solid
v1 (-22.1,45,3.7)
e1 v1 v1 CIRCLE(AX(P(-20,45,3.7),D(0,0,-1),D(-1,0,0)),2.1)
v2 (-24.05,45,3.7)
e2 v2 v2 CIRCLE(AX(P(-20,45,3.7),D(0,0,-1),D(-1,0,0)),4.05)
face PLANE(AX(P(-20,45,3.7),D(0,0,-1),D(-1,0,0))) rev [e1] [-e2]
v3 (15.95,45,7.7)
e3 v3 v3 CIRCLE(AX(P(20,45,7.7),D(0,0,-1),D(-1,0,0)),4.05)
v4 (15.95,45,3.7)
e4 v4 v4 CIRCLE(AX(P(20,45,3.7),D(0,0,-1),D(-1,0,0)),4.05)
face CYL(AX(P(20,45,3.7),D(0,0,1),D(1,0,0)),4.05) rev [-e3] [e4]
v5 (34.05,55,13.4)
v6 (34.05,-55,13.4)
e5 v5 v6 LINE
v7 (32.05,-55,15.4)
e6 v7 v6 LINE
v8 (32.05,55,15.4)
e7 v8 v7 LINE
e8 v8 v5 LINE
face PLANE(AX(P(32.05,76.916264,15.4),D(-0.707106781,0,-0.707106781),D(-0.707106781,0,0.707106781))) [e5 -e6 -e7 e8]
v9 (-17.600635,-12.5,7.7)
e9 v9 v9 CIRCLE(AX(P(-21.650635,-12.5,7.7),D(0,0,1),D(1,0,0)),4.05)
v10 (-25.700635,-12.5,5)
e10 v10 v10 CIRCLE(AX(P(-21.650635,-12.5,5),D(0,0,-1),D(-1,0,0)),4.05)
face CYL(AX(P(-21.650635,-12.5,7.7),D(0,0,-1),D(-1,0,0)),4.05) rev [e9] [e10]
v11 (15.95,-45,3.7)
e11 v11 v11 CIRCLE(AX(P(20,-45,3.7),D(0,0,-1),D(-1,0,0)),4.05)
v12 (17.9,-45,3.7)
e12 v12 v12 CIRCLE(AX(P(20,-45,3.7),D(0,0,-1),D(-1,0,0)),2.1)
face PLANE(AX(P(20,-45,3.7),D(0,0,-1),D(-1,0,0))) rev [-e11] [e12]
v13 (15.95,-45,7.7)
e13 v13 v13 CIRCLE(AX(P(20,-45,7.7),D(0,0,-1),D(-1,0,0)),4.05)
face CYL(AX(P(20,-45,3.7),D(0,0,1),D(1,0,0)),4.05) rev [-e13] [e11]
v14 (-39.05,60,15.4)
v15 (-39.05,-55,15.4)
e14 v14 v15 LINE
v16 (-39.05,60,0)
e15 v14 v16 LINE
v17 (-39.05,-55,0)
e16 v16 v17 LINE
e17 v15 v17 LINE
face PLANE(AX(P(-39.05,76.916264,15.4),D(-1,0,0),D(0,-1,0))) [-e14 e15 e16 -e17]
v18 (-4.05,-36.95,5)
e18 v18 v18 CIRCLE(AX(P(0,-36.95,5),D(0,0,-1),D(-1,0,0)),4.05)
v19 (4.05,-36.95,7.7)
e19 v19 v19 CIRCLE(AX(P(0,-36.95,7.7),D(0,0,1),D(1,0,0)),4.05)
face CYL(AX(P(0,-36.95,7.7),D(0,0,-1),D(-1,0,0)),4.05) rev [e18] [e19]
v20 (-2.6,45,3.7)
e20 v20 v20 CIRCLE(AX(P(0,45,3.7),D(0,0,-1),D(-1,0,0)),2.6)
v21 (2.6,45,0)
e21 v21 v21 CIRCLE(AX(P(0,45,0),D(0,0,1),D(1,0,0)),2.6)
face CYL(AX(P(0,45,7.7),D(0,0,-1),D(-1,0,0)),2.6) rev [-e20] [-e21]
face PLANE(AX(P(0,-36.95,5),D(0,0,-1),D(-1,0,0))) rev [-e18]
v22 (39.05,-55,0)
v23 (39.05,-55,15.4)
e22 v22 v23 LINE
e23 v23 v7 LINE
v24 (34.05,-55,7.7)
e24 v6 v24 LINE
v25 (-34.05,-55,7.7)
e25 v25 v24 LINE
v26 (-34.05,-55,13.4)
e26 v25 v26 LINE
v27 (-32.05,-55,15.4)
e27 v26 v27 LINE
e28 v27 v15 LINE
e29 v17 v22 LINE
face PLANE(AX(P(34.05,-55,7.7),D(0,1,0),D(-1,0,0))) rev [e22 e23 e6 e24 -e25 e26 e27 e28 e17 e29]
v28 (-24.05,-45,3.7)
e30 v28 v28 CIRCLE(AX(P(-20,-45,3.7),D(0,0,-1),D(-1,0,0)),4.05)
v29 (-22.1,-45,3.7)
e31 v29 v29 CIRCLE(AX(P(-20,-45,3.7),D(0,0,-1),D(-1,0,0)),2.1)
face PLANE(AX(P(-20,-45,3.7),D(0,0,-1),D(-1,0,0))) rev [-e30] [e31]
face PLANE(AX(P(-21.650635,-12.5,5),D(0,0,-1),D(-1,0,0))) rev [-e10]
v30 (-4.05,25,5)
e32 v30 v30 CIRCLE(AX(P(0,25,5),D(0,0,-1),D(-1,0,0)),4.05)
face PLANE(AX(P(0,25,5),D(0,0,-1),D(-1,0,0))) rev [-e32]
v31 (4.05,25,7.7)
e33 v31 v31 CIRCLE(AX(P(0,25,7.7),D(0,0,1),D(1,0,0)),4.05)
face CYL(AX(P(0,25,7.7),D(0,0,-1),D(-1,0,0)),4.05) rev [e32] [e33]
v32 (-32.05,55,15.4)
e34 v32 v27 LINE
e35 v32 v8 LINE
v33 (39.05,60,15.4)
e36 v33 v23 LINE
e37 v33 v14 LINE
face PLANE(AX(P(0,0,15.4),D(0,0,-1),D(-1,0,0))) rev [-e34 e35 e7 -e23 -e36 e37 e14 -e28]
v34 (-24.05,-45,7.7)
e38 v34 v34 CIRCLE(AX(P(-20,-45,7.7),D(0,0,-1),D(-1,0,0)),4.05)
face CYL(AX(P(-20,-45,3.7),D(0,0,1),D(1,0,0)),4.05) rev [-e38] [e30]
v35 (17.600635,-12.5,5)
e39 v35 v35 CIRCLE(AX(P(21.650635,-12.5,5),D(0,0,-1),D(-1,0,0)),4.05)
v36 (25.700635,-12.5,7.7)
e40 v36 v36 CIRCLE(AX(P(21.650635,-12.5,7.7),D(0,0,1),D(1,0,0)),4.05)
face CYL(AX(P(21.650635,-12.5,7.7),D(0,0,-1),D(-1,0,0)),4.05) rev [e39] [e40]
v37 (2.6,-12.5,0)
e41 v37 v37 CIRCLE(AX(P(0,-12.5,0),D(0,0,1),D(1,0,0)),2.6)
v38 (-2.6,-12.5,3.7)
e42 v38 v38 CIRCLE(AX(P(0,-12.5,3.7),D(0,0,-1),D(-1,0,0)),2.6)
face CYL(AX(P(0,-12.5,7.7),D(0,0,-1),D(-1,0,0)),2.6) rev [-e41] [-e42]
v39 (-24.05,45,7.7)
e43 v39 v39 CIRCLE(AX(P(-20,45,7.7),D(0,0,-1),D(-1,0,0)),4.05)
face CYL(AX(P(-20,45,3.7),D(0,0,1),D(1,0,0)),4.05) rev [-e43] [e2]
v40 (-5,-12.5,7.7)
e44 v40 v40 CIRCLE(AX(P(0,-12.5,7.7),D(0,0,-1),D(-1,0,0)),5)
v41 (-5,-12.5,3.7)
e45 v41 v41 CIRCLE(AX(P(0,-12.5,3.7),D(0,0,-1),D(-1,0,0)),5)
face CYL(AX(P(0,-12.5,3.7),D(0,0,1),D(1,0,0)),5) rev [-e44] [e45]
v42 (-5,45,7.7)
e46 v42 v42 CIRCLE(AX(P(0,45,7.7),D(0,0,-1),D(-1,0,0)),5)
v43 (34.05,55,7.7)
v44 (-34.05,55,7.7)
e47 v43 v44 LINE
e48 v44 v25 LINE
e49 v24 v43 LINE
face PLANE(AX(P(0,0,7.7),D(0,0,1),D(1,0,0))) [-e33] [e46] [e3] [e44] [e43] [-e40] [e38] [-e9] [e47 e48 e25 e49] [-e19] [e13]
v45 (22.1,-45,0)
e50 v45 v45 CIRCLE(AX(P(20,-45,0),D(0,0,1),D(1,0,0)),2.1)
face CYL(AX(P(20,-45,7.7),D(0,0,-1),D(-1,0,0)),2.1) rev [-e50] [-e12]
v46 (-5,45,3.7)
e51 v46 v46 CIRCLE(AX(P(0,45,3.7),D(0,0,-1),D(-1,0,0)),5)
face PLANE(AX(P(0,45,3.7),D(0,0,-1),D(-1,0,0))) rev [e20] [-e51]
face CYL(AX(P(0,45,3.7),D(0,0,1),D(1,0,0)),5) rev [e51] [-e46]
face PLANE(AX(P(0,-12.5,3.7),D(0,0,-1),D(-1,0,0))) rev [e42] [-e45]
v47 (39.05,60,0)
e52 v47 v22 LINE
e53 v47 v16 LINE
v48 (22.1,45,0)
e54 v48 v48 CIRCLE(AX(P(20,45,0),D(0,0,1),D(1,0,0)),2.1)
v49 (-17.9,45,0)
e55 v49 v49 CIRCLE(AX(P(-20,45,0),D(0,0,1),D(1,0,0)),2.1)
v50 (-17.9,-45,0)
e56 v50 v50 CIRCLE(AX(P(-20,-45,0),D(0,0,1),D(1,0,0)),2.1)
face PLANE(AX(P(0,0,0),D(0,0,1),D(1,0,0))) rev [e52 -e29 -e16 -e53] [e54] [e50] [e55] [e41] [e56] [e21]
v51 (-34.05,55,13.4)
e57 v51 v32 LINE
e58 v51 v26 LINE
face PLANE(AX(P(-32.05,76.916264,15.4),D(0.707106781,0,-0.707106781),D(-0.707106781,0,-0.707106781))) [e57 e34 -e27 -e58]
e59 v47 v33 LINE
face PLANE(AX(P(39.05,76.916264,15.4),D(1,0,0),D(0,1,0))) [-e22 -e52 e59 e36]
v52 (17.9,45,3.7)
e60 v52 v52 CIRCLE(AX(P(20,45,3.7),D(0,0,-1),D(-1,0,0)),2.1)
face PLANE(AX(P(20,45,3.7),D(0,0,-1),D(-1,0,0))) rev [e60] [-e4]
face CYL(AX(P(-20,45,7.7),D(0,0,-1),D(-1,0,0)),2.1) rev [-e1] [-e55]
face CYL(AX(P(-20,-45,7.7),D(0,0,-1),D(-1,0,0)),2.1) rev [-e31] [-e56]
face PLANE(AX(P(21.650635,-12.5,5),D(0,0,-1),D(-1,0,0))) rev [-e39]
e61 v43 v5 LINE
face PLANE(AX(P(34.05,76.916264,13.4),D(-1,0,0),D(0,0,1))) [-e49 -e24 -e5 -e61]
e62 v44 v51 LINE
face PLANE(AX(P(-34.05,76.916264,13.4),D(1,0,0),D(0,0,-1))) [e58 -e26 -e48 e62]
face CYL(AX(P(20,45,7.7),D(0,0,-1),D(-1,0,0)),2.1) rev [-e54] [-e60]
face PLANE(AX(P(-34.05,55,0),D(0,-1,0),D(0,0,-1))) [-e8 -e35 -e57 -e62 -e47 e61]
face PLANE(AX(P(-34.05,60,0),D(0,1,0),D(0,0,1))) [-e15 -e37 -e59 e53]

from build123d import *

# Parameters (mm, degrees)
SKETCH1_W                = 68.1
SKETCH1_H                = 110
SKETCH1_R                = 2.1
SKETCH1_R_2              = 4.05
SKETCH1_R_3              = 2.6
BOSS_EXTRUDE1_DEPTH      = 7.7
SKETCH2_R                = 6.304633146
SKETCH2_R_2              = 7.334333348
SKETCH2_R_3              = 8.114040952
SKETCH2_R_4              = 11.073656437
BOSS_EXTRUDE2_DEPTH      = 5
SKETCH3_R                = 4.05
SKETCH3_R_2              = 5
CUT_EXTRUDE1_DEPTH       = 4
SKETCH4_W                = 68.1
SKETCH4_H                = 5
BOSS_EXTRUDE3_DEPTH      = 7.7
BOSS_EXTRUDE3_DEPTH_BACK = 7.7
BOSS_EXTRUDE4_DEPTH      = 115


with BuildPart() as part:
    # Sketch1 → Boss-Extrude1 (new body)
    with BuildSketch(Plane.XY):
        Rectangle(SKETCH1_W, SKETCH1_H)
        with Locations((20, 45)):
            Circle(SKETCH1_R, mode=Mode.SUBTRACT)
        with Locations((-20, 45)):
            Circle(SKETCH1_R, mode=Mode.SUBTRACT)
        with Locations((20, -45)):
            Circle(SKETCH1_R, mode=Mode.SUBTRACT)
        with Locations((-20, -45)):
            Circle(SKETCH1_R, mode=Mode.SUBTRACT)
        with Locations((21.650635095, -12.5)):
            Circle(SKETCH1_R_2, mode=Mode.SUBTRACT)
        with Locations((0, 25)):
            Circle(SKETCH1_R_2, mode=Mode.SUBTRACT)
        with Locations((-21.650635095, -12.5)):
            Circle(SKETCH1_R_2, mode=Mode.SUBTRACT)
        with Locations((0, -36.95)):
            Circle(SKETCH1_R_2, mode=Mode.SUBTRACT)
        with Locations((0, 45)):
            Circle(SKETCH1_R_3, mode=Mode.SUBTRACT)
        with Locations((0, -12.5)):
            Circle(SKETCH1_R_3, mode=Mode.SUBTRACT)
    extrude(amount=BOSS_EXTRUDE1_DEPTH)

    # Sketch2 → Boss-Extrude2 (add)
    with BuildSketch(Plane(origin=(0, 0, 0), x_dir=(-1, 0, 0), z_dir=(0, 0, -1))):
        with Locations((-21.650635095, -12.5)):
            Circle(SKETCH2_R)
        with Locations((0, 25)):
            Circle(SKETCH2_R_2)
        with Locations((21.650635095, -12.5)):
            Circle(SKETCH2_R_3)
        with Locations((0, -36.95)):
            Circle(SKETCH2_R_4)
    extrude(amount=-BOSS_EXTRUDE2_DEPTH)

    # Sketch3 → Cut-Extrude1 (cut)
    with BuildSketch(Plane(origin=(0, 0, 7.7), x_dir=(-1, 0, 0), z_dir=(0, 0, -1))):
        with Locations((-20, 45)):
            Circle(SKETCH3_R)
        with Locations((20, 45)):
            Circle(SKETCH3_R)
        with Locations((-20, -45)):
            Circle(SKETCH3_R)
        with Locations((20, -45)):
            Circle(SKETCH3_R)
        with Locations((0, 45)):
            Circle(SKETCH3_R_2)
        with Locations((0, -12.5)):
            Circle(SKETCH3_R_2)
    extrude(amount=CUT_EXTRUDE1_DEPTH, mode=Mode.SUBTRACT)

    # Sketch4 → Boss-Extrude3 (add, two sides)
    with BuildSketch(Plane.XY.offset(7.7)) as boss_extrude3_sk:
        with Locations((0, 57.5)):
            Rectangle(SKETCH4_W, SKETCH4_H)
    extrude(amount=BOSS_EXTRUDE3_DEPTH)
    extrude(boss_extrude3_sk.sketch, amount=-BOSS_EXTRUDE3_DEPTH_BACK)

    # Sketch7 → Boss-Extrude4 (add)
    with BuildSketch(Plane.XZ.offset(55)):
        Polygon((-34.05, 15.4), (-32.05, 15.4), (-34.05, 13.4), (-34.05, 0), (-39.05, 0), (-39.05, 15.4), align=None)
        Polygon((39.05, 0), (34.05, 0), (34.05, 13.4), (32.05, 15.4), (34.05, 15.4), (39.05, 15.4), align=None)
    extrude(amount=-BOSS_EXTRUDE4_DEPTH)


solid = part.part
